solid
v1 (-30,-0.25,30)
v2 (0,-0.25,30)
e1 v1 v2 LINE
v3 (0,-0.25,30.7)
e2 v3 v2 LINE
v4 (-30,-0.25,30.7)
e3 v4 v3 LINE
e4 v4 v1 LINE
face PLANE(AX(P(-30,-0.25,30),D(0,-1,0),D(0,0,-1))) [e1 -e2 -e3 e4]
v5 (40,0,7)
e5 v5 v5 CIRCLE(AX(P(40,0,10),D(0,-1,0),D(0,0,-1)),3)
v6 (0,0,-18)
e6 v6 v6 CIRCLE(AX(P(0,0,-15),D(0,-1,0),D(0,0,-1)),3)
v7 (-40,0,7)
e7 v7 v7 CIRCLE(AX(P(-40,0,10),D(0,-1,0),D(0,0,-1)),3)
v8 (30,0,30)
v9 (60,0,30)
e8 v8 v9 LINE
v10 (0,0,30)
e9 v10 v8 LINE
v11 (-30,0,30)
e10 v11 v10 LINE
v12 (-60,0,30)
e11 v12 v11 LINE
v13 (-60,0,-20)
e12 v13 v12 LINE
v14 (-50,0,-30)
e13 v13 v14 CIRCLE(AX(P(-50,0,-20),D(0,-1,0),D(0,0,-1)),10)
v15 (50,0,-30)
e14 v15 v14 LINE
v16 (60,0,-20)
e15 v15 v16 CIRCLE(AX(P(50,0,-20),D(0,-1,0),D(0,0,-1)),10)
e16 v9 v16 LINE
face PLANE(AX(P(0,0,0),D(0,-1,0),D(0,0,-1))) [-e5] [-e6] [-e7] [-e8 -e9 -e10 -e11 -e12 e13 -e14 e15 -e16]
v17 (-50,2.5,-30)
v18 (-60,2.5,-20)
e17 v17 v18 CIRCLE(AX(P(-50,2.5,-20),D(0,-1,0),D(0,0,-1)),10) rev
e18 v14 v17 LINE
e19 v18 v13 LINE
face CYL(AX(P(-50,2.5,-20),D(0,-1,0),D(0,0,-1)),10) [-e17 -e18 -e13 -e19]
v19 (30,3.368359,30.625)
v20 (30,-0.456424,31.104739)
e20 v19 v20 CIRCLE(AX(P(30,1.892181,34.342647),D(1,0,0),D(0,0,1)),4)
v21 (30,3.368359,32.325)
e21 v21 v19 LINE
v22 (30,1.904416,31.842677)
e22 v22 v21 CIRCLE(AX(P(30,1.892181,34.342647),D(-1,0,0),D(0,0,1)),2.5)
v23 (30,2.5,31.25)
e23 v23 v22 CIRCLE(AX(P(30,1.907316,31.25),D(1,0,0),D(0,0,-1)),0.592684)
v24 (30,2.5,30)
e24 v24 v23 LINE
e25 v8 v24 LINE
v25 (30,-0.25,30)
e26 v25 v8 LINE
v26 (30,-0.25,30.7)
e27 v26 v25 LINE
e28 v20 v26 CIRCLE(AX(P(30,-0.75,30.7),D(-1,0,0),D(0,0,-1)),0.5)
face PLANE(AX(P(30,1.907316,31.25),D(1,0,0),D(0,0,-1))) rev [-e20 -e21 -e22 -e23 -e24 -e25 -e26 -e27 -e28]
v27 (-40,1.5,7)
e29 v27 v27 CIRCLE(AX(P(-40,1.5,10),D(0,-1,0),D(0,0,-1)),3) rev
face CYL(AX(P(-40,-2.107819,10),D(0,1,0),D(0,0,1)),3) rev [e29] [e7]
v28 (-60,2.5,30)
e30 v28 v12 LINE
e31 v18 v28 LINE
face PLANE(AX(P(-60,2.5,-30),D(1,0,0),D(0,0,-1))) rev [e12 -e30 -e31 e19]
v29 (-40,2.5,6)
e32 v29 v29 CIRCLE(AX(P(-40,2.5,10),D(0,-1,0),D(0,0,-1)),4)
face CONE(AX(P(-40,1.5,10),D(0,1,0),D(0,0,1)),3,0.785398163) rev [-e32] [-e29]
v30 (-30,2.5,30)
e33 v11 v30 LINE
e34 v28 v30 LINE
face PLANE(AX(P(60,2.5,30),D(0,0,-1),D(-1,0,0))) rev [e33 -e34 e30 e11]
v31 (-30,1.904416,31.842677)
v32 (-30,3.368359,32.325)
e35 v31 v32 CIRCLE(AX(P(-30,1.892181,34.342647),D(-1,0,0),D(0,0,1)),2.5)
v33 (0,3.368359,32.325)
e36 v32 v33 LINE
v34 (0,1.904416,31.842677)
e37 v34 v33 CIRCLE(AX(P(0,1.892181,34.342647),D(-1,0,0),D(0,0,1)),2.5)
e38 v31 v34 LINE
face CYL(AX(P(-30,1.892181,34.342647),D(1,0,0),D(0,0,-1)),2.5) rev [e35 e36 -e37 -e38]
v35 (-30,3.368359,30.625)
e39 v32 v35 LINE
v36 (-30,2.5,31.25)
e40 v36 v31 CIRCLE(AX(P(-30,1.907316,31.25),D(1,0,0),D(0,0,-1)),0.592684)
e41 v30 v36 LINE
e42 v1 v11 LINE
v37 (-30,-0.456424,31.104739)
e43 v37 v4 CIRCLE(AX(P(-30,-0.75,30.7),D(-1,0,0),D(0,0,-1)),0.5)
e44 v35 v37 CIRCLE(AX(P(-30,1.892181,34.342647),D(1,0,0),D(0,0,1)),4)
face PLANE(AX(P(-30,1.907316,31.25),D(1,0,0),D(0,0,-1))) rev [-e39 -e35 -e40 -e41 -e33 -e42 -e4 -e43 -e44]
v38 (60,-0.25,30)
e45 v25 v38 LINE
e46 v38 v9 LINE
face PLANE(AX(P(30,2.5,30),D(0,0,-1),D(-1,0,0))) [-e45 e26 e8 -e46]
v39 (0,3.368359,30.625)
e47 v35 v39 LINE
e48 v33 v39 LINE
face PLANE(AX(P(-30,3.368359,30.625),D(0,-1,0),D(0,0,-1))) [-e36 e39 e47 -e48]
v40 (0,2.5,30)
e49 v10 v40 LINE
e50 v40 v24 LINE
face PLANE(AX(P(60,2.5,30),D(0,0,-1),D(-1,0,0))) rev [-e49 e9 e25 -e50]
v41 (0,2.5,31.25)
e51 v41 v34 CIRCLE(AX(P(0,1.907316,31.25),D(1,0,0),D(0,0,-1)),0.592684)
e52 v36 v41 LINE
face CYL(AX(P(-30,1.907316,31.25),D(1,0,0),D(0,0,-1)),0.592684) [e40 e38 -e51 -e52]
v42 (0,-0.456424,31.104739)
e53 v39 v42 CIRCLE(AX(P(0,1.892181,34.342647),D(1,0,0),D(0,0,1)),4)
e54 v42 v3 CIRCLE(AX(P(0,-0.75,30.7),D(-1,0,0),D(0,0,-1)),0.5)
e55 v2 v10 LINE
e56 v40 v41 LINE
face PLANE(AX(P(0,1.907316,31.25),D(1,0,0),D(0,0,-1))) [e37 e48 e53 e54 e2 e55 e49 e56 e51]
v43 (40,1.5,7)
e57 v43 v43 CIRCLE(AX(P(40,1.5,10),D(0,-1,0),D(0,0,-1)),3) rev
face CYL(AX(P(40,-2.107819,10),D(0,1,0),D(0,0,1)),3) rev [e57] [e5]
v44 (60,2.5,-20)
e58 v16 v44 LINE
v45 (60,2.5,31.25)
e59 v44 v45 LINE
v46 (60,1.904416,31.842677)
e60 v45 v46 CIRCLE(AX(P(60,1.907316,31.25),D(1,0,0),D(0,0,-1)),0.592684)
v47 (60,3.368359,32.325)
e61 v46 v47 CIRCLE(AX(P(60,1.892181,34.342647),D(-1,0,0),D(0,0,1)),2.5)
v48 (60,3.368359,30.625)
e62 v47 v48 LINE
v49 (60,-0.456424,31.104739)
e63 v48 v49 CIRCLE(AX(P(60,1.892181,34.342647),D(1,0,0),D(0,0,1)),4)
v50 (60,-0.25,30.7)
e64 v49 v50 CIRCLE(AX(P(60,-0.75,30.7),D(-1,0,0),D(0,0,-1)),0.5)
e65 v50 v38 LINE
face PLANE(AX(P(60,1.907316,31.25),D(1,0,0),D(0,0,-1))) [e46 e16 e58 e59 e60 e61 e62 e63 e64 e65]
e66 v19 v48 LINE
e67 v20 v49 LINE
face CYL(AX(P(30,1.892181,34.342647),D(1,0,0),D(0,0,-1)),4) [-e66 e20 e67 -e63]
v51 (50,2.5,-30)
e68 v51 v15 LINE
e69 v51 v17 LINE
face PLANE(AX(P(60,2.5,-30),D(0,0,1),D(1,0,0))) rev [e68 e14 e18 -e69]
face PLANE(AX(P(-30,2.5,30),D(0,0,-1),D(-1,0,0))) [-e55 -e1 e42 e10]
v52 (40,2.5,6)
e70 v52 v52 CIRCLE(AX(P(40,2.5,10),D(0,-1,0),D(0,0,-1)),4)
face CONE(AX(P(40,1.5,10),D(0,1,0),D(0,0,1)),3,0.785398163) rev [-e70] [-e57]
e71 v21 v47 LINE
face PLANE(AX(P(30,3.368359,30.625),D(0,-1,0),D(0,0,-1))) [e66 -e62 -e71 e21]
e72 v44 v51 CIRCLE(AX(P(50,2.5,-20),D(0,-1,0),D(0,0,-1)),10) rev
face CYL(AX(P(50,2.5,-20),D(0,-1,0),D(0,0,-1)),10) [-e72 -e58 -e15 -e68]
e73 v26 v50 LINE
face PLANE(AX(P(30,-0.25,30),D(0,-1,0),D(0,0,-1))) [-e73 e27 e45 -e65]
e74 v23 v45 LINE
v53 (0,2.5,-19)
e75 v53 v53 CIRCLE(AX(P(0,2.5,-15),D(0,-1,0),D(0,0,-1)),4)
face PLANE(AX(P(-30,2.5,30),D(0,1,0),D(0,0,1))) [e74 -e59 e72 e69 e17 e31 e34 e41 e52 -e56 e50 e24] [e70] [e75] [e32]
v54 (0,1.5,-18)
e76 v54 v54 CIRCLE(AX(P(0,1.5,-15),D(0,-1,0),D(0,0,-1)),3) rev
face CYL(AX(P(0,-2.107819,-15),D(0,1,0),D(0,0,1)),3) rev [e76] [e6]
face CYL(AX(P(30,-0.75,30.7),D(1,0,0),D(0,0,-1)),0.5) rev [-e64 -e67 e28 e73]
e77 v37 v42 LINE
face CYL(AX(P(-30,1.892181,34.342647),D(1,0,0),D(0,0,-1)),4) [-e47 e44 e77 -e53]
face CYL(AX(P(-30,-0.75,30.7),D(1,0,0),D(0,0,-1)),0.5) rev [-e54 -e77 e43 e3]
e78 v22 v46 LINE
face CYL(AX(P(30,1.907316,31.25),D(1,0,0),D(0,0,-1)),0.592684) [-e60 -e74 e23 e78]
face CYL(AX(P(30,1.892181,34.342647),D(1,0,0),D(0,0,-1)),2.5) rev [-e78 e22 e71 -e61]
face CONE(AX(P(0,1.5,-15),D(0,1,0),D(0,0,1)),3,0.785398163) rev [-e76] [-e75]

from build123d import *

# Parameters (mm, degrees)
SKETCH1_W           = 120
SKETCH1_H           = 60
BOSS_EXTRUDE1_DEPTH = 2.5
FILLET1_R           = 10
BOSS_EXTRUDE2_DEPTH = 30
LPATTERN1_COUNT     = 2
LPATTERN1_PITCH     = 60
SKETCH3_R           = 3
CUT_EXTRUDE1_DEPTH  = 72.3539808
CHAMFER1_SIZE       = 1


with BuildPart() as part:
    # Sketch1 → Boss-Extrude1 (new body)
    with BuildSketch(Plane(origin=(0, 0, 0), x_dir=(1, 0, 0), z_dir=(0, 1, 0))):
        Rectangle(SKETCH1_W, SKETCH1_H)
    extrude(amount=BOSS_EXTRUDE1_DEPTH)

    # Fillet1
    fillet1_edges = [part.edges().sort_by_distance(p)[0] for p in [
        (-60, 1.25, -30),
        (60, 1.25, -30),
    ]]
    fillet(fillet1_edges, radius=FILLET1_R)

    # Sketch3 → Cut-Extrude1 (cut, through all)
    with BuildSketch(Plane(origin=(0, 2.5, 0), x_dir=(1, 0, 0), z_dir=(0, 1, 0))):
        with Locations(Location((40, -10, 0), (0, 0, 270))):
            Circle(SKETCH3_R)
        with Locations(Location((0, 15, 0), (0, 0, 270))):
            Circle(SKETCH3_R)
        with Locations(Location((-40, -10, 0), (0, 0, 270))):
            Circle(SKETCH3_R)
    extrude(amount=-CUT_EXTRUDE1_DEPTH, mode=Mode.SUBTRACT)

    # Chamfer1
    chamfer1_edges = [part.edges().sort_by_distance(p)[0] for p in [
        (40, 2.5, 7),
        (0, 2.5, -18),
        (-40, 2.5, 7),
    ]]
    chamfer(chamfer1_edges, length=CHAMFER1_SIZE)


with BuildPart() as body_2:
    # Sketch2 → Boss-Extrude2 (new body)
    with BuildSketch(Plane(origin=(60, 0, 0), x_dir=(0, 0, -1), z_dir=(1, 0, 0))):
        with BuildLine():
            Line((-30, 2.5), (-30, -0.25))
            Line((-30, -0.25), (-30.7, -0.25))
            ThreePointArc((-30.7, -0.25), (-30.927169701, -0.304585668), (-31.104738562, -0.456424292))
            ThreePointArc((-31.104738562, -0.456424292), (-38.311548677, 2.389996547), (-30.625, 3.368358986))
            Line((-30.625, 3.368358986), (-32.325, 3.368358986))
            ThreePointArc((-32.325, 3.368358986), (-36.717094098, 1.109876278), (-31.842676994, 1.904415516))
            ThreePointArc((-31.842676994, 1.904415516), (-31.670115132, 2.325380148), (-31.25, 2.5))
            Line((-31.25, 2.5), (-30, 2.5))
        make_face()
    extrude(amount=-BOSS_EXTRUDE2_DEPTH)


with BuildPart() as lpattern1_1:
    # LPattern1: pattern copy
    add(body_2.part.moved(Location(Vector(-1, 0, 0) * (1 * LPATTERN1_PITCH))))

    # Combine1: union body 2, part
    add(body_2.part)
    add(part.part)


solid = lpattern1_1.part
